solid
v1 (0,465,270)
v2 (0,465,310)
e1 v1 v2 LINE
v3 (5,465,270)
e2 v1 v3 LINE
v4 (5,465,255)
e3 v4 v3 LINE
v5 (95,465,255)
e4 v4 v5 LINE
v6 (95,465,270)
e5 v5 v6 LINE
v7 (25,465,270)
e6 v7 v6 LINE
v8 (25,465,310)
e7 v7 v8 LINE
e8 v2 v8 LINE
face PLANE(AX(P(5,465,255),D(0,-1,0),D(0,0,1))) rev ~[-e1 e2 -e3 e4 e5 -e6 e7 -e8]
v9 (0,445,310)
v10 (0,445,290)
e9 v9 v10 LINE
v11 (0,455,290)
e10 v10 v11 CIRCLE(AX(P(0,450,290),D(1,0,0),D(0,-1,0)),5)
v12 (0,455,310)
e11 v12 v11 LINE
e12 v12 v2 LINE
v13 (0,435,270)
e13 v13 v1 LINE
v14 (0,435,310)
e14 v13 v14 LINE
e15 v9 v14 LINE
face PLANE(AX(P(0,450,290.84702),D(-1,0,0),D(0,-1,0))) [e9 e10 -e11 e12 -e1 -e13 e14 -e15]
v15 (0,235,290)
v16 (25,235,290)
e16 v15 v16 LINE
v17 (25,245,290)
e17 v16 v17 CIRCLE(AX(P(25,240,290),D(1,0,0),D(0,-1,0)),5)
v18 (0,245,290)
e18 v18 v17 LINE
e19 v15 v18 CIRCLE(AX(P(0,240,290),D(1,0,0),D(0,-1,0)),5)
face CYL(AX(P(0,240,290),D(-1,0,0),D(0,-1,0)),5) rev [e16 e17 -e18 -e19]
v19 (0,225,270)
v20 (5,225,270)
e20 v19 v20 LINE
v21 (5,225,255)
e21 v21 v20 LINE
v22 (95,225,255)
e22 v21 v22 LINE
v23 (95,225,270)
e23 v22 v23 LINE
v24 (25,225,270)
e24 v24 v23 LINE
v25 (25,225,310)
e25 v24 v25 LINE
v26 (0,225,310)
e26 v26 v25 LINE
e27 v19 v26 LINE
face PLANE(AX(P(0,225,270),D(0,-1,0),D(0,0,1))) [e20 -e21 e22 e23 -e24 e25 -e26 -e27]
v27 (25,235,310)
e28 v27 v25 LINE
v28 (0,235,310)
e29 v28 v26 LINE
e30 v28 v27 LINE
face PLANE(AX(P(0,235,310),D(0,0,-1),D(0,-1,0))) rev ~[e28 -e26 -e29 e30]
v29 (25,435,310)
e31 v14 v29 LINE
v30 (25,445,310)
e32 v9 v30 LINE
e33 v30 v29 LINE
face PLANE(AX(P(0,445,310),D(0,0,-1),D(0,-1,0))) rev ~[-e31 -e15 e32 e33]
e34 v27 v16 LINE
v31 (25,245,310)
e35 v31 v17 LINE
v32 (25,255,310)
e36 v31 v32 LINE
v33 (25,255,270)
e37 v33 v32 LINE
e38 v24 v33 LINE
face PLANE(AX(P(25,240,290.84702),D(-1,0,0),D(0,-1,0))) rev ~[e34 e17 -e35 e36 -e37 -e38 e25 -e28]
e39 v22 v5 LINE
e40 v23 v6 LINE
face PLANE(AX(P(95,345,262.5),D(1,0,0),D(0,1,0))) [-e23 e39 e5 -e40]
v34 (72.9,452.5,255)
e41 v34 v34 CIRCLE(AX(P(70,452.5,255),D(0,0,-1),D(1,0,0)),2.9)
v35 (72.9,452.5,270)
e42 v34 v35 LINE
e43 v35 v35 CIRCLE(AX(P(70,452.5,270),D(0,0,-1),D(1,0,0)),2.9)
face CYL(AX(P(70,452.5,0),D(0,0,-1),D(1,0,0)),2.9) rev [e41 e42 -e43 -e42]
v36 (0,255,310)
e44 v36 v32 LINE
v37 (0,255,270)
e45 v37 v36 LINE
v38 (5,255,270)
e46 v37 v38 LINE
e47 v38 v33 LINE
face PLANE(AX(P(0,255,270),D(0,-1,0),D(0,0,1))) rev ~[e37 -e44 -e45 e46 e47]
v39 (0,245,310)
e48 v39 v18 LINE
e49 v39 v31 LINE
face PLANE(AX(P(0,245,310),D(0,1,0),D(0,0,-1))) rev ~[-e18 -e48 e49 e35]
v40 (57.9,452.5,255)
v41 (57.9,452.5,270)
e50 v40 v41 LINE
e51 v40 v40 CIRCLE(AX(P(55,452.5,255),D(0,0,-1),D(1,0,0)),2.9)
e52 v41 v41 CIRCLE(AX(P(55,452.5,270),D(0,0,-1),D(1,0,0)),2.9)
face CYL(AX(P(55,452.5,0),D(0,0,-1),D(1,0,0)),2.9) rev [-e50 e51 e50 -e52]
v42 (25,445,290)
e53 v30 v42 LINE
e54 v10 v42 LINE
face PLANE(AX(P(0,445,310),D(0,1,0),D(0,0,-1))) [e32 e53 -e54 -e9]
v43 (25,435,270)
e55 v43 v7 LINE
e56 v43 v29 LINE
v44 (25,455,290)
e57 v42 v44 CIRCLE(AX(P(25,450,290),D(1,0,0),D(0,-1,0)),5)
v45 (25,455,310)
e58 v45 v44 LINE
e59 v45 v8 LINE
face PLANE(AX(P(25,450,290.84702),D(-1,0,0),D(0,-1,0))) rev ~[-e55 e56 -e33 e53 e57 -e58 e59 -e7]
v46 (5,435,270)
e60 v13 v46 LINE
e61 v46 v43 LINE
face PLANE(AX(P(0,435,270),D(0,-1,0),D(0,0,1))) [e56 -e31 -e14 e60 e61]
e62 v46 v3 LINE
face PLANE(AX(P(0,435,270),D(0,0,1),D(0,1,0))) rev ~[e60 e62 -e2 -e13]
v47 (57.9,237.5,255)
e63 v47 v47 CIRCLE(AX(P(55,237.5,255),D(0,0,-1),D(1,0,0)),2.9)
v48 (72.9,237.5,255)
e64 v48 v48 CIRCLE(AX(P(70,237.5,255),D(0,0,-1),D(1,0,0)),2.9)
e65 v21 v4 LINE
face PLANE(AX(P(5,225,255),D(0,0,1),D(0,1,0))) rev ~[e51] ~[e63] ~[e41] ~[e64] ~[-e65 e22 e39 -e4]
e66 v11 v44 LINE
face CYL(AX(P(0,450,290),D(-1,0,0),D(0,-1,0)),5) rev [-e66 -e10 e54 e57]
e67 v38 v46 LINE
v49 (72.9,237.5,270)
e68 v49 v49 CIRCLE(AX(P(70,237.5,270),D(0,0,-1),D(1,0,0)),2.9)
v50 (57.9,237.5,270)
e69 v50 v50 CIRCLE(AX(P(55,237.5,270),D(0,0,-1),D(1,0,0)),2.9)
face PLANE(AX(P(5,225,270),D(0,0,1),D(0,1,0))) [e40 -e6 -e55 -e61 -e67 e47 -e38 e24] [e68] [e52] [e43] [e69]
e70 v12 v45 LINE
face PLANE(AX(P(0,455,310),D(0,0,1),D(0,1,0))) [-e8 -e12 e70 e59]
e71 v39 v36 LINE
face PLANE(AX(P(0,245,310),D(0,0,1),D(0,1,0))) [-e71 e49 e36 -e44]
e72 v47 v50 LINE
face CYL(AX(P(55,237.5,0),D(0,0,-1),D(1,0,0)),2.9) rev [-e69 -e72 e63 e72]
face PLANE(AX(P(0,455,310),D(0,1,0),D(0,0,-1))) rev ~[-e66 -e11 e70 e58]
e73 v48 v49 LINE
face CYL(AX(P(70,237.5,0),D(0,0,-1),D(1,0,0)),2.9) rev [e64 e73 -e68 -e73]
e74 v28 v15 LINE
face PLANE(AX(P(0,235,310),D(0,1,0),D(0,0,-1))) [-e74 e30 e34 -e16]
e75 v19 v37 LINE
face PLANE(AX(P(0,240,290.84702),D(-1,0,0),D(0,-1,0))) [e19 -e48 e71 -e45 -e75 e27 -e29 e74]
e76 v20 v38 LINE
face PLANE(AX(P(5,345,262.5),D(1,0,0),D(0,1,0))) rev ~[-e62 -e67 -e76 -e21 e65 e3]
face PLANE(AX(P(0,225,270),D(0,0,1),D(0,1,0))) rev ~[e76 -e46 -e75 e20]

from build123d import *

# Parameters (mm, degrees)
SKETCH011_W   = 240
SKETCH011_H   = 15
PAD007_DEPTH  = 90
SKETCH012_R   = 2.9
HOLE004_DEPTH = 270.001
PAD008_DEPTH  = 25


with BuildPart() as part:
    # Sketch011 → Pad007 (new body)
    with BuildSketch(Plane.YZ.offset(5)):
        with Locations((95, 262.5)):
            Rectangle(SKETCH011_W, SKETCH011_H)
    extrude(amount=PAD007_DEPTH)

    # Sketch012 → Hole004 (cut, through all)
    with BuildSketch(Plane.XY):
        with Locations((55, 202.5)):
            Circle(SKETCH012_R)
        with Locations((70, 202.5)):
            Circle(SKETCH012_R)
        with Locations((55, -12.5)):
            Circle(SKETCH012_R)
        with Locations((70, -12.5)):
            Circle(SKETCH012_R)
    extrude(amount=HOLE004_DEPTH, mode=Mode.SUBTRACT)

    # Sketch013 → Pad008 (join)
    with BuildSketch(Plane.YZ):
        with BuildLine():
            Line((-25, 270), (-25, 310))
            Line((-15, 310), (-25, 310))
            Line((-15, 310), (-15, 290))
            ThreePointArc((-15, 290), (-10, 285), (-5, 290))
            Line((-5, 310), (-5, 290))
            Line((-5, 310), (5, 310))
            Line((5, 270), (5, 310))
            Line((-25, 270), (5, 270))
        make_face()
        with BuildLine():
            Line((185, 270), (185, 310))
            Line((195, 310), (185, 310))
            Line((195, 310), (195, 290))
            ThreePointArc((195, 290), (200, 285), (205, 290))
            Line((205, 310), (205, 290))
            Line((205, 310), (215, 310))
            Line((215, 270), (215, 310))
            Line((185, 270), (215, 270))
        make_face()
    extrude(amount=PAD008_DEPTH)


with BuildPart() as part_1:
    # Clone008 placement: moved
    add(part.part.moved(Location((0, 250, 0))))


solid = part_1.part
